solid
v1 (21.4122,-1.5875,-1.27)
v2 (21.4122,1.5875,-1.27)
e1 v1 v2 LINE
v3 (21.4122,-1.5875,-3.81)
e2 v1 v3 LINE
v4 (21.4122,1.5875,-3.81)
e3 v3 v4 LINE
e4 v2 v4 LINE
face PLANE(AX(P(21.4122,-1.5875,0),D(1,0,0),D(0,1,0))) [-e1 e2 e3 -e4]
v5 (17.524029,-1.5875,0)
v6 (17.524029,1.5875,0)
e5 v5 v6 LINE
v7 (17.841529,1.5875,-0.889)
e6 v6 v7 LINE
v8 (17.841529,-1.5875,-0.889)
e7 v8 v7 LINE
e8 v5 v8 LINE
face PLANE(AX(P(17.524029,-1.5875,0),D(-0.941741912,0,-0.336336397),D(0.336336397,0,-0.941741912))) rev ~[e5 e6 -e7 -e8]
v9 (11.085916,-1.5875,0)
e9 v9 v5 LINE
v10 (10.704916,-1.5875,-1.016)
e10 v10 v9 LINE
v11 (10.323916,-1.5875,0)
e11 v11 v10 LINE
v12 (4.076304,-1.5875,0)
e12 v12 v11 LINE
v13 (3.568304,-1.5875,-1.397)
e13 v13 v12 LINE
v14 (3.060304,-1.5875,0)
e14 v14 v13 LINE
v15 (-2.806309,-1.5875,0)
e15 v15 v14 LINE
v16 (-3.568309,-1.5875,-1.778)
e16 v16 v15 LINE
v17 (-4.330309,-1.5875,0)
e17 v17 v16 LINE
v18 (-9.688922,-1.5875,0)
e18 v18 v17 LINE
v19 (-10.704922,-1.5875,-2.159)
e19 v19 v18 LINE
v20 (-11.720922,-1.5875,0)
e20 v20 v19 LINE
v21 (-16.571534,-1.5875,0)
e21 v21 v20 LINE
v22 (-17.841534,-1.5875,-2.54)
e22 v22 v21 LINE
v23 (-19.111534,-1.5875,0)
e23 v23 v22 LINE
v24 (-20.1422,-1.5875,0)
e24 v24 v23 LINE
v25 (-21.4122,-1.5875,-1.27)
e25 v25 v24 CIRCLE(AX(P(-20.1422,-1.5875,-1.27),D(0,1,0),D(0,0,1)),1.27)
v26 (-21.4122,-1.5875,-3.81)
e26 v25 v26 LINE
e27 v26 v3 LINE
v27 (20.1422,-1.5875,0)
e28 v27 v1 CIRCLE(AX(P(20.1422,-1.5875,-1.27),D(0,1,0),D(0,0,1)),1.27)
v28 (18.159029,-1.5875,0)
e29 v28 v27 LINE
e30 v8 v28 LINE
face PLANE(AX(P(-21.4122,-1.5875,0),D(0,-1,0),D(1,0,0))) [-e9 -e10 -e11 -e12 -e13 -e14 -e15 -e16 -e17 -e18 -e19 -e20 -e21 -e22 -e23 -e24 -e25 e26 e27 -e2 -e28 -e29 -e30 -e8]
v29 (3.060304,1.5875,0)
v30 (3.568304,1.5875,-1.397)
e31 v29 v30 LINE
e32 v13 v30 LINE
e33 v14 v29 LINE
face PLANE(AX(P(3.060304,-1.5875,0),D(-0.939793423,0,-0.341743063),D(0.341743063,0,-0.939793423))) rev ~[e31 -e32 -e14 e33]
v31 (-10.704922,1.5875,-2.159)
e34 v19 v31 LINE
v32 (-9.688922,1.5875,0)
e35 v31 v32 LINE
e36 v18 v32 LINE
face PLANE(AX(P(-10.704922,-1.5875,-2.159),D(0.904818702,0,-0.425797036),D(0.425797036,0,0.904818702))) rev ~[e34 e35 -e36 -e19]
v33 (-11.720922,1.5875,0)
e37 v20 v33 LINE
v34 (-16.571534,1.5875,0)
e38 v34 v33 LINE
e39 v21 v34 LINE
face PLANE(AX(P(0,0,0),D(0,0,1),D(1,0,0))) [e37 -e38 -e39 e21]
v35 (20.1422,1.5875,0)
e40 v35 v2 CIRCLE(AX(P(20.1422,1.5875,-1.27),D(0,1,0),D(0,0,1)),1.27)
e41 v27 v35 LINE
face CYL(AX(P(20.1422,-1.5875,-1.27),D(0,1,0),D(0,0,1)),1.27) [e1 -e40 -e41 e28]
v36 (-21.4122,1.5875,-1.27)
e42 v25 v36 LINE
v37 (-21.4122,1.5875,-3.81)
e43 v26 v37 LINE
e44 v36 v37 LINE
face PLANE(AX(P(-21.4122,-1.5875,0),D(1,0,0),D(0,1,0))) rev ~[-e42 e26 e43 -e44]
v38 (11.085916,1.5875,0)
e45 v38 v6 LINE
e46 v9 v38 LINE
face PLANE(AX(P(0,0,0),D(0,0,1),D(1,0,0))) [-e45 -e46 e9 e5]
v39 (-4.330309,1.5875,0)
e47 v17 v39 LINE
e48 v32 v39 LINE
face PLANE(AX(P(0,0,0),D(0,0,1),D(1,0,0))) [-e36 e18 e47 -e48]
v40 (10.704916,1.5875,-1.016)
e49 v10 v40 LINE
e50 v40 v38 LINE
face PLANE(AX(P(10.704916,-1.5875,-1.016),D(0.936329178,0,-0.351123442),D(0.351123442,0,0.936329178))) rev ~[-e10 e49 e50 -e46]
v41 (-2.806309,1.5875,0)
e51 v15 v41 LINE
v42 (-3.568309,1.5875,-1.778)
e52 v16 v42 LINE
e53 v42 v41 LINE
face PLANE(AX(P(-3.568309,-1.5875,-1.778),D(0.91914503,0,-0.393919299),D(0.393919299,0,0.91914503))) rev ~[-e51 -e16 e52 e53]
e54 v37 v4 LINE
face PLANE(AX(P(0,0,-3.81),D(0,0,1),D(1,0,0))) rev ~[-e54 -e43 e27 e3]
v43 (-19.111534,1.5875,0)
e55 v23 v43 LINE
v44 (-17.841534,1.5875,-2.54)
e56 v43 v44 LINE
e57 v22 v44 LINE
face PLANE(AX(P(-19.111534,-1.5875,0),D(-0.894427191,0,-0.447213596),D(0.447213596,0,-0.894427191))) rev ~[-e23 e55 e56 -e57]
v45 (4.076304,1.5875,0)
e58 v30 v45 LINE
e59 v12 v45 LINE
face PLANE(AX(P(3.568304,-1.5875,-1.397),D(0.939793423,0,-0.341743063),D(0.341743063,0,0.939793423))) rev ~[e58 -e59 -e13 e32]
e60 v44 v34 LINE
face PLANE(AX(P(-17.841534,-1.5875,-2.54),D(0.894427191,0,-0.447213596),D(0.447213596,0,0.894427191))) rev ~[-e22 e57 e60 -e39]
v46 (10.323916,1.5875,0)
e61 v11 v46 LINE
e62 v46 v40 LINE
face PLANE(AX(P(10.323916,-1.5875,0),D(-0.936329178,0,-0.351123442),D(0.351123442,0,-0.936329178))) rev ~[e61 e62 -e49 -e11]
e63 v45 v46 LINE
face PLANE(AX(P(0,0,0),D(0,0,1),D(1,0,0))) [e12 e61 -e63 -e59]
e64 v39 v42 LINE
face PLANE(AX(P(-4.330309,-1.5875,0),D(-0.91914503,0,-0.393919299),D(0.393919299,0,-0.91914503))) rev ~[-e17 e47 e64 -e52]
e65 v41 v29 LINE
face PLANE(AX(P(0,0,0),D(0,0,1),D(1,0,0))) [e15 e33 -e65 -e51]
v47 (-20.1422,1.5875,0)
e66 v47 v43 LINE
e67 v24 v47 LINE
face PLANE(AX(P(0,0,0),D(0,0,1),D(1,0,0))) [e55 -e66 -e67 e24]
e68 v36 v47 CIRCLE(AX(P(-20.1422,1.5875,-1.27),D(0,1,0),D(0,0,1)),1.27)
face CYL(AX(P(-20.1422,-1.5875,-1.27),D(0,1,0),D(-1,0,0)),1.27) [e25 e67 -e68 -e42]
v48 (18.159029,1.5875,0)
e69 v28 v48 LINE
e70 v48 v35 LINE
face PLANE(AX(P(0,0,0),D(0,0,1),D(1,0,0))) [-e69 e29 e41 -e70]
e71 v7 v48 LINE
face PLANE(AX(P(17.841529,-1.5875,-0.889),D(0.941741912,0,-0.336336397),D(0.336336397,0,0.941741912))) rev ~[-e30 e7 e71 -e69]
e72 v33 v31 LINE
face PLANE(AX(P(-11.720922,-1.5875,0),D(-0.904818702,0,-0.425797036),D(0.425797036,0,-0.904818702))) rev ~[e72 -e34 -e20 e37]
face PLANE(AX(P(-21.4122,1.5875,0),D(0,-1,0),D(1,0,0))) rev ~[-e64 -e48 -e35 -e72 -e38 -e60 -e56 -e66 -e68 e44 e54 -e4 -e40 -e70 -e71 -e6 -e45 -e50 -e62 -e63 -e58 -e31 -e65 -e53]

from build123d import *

# Parameters (mm, degrees)
F0_W     = 42.8244
F0_H     = 3.175
F1_DEPTH = 3.81
F3_DEPTH = 3.176
F4_R     = 1.27


with BuildPart() as f1:
    # F0 (on Top) → F1 (new body)
    with BuildSketch(Plane.XY):
        Rectangle(F0_W, F0_H)
    extrude(amount=-F1_DEPTH)

    # F2 (on face) → F3 (cut, through all)
    with BuildSketch(Plane.XZ.offset(1.5875)):
        Polygon((-16.571534, 0), (-19.111534, 0), (-17.841534, -2.54), align=None)
        Polygon((-9.688922, 0), (-11.720922, 0), (-10.704922, -2.159), align=None)
        Polygon((-2.806309, 0), (-4.330309, 0), (-3.568309, -1.778), align=None)
        Polygon((4.076304, 0), (3.060304, 0), (3.568304, -1.397), align=None)
        Polygon((10.704916, -1.016), (11.085916, 0), (10.323916, 0), align=None)
        Polygon((17.841529, -0.889), (18.159029, 0), (17.524029, 0), align=None)
    extrude(amount=-F3_DEPTH, mode=Mode.SUBTRACT)

    # F4
    f4_edges = [f1.edges().sort_by_distance(p)[0] for p in [
        (-21.4122, 0, 0),
        (21.4122, 0, 0),
    ]]
    fillet(f4_edges, radius=F4_R)


solid = f1.part
